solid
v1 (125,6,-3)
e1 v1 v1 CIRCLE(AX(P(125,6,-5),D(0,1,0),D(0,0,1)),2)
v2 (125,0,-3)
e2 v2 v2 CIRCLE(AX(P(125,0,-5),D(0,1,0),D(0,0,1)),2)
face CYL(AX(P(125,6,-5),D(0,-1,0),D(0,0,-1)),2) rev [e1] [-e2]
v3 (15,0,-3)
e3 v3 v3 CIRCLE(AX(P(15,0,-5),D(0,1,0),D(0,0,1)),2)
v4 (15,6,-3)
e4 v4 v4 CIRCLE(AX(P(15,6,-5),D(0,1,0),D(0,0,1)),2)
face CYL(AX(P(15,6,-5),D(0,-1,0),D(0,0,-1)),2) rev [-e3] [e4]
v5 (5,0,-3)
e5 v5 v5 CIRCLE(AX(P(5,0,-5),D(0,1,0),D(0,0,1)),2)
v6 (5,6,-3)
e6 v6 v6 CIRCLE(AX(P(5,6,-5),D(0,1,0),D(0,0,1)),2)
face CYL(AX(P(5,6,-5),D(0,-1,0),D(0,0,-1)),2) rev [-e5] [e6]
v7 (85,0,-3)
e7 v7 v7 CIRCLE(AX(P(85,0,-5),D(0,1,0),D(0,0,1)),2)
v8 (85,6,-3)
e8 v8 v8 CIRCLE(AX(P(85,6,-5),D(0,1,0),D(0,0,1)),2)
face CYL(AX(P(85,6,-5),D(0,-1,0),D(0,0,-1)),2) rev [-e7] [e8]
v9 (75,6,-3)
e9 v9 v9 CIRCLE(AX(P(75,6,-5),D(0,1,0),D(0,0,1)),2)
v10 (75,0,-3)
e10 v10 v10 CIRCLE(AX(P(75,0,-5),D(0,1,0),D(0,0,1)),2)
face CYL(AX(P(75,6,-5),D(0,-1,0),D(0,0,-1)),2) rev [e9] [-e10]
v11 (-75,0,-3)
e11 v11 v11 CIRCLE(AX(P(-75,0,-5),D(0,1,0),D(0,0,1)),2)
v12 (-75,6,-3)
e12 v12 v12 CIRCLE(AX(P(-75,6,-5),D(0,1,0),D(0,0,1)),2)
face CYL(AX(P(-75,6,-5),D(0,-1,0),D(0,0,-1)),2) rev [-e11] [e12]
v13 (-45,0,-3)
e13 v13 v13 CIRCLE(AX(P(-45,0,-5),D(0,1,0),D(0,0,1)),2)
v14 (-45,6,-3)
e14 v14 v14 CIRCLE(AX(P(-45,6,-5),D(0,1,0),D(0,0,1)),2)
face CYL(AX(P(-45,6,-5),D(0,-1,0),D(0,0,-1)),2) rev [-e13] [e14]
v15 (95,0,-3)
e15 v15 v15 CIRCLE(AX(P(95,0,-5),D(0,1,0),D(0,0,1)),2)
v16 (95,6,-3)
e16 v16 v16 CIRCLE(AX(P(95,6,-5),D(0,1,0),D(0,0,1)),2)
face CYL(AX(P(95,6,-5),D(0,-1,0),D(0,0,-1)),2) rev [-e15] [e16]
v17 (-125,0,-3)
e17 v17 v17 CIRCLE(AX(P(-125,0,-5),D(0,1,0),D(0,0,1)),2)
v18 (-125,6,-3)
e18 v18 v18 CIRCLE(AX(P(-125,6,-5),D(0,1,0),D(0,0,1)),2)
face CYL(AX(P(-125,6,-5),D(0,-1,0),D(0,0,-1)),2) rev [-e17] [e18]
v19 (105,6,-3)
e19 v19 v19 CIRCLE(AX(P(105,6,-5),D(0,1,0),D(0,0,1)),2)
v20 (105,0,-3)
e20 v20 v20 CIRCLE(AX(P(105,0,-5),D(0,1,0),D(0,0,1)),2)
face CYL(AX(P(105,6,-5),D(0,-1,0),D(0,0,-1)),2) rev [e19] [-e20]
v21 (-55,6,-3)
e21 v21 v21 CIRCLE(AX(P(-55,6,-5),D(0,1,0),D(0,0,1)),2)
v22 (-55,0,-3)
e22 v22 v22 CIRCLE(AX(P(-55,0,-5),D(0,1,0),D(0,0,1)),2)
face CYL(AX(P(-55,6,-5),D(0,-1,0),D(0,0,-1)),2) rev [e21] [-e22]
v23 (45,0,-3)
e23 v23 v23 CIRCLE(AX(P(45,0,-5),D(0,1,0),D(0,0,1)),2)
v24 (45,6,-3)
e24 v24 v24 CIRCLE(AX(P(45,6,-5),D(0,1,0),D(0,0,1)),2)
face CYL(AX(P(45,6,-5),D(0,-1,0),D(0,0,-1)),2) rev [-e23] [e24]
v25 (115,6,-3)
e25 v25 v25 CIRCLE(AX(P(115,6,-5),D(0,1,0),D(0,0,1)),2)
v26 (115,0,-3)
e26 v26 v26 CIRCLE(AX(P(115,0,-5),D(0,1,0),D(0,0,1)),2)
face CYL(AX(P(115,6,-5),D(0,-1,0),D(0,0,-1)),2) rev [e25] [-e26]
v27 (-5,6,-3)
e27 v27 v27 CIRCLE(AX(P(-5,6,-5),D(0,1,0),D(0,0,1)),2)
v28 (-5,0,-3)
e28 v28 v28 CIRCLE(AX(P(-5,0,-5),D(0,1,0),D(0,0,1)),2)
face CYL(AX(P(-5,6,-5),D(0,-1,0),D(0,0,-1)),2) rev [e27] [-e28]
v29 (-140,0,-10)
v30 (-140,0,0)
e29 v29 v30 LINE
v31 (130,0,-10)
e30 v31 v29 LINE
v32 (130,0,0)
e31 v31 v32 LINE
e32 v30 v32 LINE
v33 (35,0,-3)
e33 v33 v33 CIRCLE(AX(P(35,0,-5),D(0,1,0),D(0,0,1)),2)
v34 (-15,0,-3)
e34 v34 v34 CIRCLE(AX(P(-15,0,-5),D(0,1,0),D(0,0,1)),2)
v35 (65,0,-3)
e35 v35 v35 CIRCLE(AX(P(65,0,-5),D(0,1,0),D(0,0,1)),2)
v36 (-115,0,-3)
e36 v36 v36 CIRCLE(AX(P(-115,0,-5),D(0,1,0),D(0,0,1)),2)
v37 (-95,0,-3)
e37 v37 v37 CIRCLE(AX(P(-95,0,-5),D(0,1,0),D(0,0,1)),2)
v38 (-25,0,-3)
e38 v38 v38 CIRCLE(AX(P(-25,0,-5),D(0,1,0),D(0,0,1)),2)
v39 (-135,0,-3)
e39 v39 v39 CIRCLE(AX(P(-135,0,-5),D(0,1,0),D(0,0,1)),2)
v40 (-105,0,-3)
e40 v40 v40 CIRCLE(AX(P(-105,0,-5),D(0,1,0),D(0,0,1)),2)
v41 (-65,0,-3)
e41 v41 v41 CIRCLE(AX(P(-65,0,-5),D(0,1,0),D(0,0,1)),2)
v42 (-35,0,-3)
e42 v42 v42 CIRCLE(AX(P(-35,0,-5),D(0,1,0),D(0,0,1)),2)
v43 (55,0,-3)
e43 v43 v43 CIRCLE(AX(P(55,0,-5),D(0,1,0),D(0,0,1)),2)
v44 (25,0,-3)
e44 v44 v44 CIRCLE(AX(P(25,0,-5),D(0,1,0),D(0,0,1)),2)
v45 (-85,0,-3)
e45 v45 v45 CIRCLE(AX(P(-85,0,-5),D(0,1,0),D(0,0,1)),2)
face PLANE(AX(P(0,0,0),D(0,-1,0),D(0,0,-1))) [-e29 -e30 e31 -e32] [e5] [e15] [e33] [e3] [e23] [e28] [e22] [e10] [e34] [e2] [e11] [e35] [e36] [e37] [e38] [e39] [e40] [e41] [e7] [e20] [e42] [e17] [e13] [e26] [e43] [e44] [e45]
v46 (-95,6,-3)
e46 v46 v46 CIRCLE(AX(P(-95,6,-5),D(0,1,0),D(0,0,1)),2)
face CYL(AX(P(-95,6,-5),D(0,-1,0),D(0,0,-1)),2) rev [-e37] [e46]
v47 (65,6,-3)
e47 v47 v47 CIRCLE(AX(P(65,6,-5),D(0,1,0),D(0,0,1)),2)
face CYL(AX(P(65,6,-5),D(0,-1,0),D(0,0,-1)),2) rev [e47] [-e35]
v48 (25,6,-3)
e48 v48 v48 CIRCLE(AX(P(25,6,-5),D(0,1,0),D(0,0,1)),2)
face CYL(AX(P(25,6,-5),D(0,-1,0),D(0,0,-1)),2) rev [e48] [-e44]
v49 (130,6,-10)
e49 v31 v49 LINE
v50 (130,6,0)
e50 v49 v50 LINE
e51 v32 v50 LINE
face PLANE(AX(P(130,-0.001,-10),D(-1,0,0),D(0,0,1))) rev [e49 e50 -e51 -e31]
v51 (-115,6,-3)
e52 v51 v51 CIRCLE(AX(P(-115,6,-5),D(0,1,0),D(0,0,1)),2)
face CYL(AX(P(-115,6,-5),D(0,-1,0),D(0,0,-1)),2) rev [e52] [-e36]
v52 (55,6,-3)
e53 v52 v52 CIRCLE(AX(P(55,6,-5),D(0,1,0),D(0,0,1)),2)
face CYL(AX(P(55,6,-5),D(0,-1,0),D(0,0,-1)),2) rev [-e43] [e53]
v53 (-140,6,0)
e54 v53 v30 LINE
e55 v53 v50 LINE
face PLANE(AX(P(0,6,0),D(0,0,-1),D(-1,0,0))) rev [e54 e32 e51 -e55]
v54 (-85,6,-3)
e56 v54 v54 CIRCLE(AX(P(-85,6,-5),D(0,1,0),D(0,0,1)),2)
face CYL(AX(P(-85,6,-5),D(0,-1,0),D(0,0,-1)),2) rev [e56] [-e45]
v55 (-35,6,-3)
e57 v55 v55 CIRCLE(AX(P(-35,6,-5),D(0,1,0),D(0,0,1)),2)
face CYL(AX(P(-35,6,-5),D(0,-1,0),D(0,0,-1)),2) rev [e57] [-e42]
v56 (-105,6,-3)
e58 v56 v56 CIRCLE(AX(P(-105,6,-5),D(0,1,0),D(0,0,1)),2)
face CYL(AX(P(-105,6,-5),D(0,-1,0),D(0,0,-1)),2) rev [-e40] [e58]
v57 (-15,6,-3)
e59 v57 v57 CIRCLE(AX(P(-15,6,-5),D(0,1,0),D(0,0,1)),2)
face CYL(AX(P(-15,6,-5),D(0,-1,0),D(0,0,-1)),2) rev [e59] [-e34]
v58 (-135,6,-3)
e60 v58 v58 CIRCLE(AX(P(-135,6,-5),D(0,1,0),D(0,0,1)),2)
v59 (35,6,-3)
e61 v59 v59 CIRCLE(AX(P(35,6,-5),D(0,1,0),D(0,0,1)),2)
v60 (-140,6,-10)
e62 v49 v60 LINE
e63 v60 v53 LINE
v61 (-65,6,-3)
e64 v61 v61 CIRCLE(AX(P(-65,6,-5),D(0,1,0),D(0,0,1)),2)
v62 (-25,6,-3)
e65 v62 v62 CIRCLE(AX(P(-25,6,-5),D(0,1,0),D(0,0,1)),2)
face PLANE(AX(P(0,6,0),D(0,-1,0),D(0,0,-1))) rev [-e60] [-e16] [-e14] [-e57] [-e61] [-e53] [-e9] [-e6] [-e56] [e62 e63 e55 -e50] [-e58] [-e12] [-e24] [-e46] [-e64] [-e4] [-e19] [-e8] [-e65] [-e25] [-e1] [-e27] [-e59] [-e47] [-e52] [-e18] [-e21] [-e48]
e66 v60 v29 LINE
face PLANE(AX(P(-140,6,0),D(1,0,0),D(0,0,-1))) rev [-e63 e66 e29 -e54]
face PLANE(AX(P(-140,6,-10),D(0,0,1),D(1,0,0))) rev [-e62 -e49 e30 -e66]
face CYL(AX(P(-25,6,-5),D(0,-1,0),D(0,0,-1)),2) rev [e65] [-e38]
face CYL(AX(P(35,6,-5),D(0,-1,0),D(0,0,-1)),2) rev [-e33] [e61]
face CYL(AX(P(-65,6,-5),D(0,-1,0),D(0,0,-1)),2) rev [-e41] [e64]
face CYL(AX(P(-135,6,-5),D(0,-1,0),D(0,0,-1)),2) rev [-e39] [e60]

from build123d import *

# Parameters (mm, degrees)
ESQUISSE1_R             = 2
BOSS_EXTRU_1_DEPTH      = 6
ENL_V_MAT_EXTRU_1_REACH = 142.485
ESQUISSE2_W             = 10
ESQUISSE2_H             = 10


with BuildPart() as part:
    # Esquisse1 → Boss.-Extru.1 (new body)
    with BuildSketch(Plane(origin=(0, 0, 0), x_dir=(1, 0, 0), z_dir=(0, 1, 0))):
        Polygon((0, 0), (140, 0), (140, 10), (-140, 10), (-140, 0), align=None)
        with Locations(Location((-135, 5, 0), (0, 0, 270))):
            Circle(ESQUISSE1_R, mode=Mode.SUBTRACT)
        with Locations(Location((-125, 5, 0), (0, 0, 270))):
            Circle(ESQUISSE1_R, mode=Mode.SUBTRACT)
        with Locations(Location((-115, 5, 0), (0, 0, 270))):
            Circle(ESQUISSE1_R, mode=Mode.SUBTRACT)
        with Locations(Location((-105, 5, 0), (0, 0, 270))):
            Circle(ESQUISSE1_R, mode=Mode.SUBTRACT)
        with Locations(Location((-95, 5, 0), (0, 0, 270))):
            Circle(ESQUISSE1_R, mode=Mode.SUBTRACT)
        with Locations(Location((-85, 5, 0), (0, 0, 270))):
            Circle(ESQUISSE1_R, mode=Mode.SUBTRACT)
        with Locations(Location((-75, 5, 0), (0, 0, 270))):
            Circle(ESQUISSE1_R, mode=Mode.SUBTRACT)
        with Locations(Location((-65, 5, 0), (0, 0, 270))):
            Circle(ESQUISSE1_R, mode=Mode.SUBTRACT)
        with Locations(Location((-55, 5, 0), (0, 0, 270))):
            Circle(ESQUISSE1_R, mode=Mode.SUBTRACT)
        with Locations(Location((-45, 5, 0), (0, 0, 270))):
            Circle(ESQUISSE1_R, mode=Mode.SUBTRACT)
        with Locations(Location((-35, 5, 0), (0, 0, 270))):
            Circle(ESQUISSE1_R, mode=Mode.SUBTRACT)
        with Locations(Location((-25, 5, 0), (0, 0, 270))):
            Circle(ESQUISSE1_R, mode=Mode.SUBTRACT)
        with Locations(Location((-15, 5, 0), (0, 0, 270))):
            Circle(ESQUISSE1_R, mode=Mode.SUBTRACT)
        with Locations(Location((-5, 5, 0), (0, 0, 270))):
            Circle(ESQUISSE1_R, mode=Mode.SUBTRACT)
        with Locations(Location((5, 5, 0), (0, 0, 270))):
            Circle(ESQUISSE1_R, mode=Mode.SUBTRACT)
        with Locations(Location((15, 5, 0), (0, 0, 270))):
            Circle(ESQUISSE1_R, mode=Mode.SUBTRACT)
        with Locations(Location((25, 5, 0), (0, 0, 270))):
            Circle(ESQUISSE1_R, mode=Mode.SUBTRACT)
        with Locations(Location((35, 5, 0), (0, 0, 270))):
            Circle(ESQUISSE1_R, mode=Mode.SUBTRACT)
        with Locations(Location((45, 5, 0), (0, 0, 270))):
            Circle(ESQUISSE1_R, mode=Mode.SUBTRACT)
        with Locations(Location((55, 5, 0), (0, 0, 270))):
            Circle(ESQUISSE1_R, mode=Mode.SUBTRACT)
        with Locations(Location((65, 5, 0), (0, 0, 270))):
            Circle(ESQUISSE1_R, mode=Mode.SUBTRACT)
        with Locations(Location((75, 5, 0), (0, 0, 270))):
            Circle(ESQUISSE1_R, mode=Mode.SUBTRACT)
        with Locations(Location((85, 5, 0), (0, 0, 270))):
            Circle(ESQUISSE1_R, mode=Mode.SUBTRACT)
        with Locations(Location((95, 5, 0), (0, 0, 270))):
            Circle(ESQUISSE1_R, mode=Mode.SUBTRACT)
        with Locations(Location((105, 5, 0), (0, 0, 270))):
            Circle(ESQUISSE1_R, mode=Mode.SUBTRACT)
        with Locations(Location((115, 5, 0), (0, 0, 270))):
            Circle(ESQUISSE1_R, mode=Mode.SUBTRACT)
        with Locations(Location((125, 5, 0), (0, 0, 270))):
            Circle(ESQUISSE1_R, mode=Mode.SUBTRACT)
        with Locations(Location((135, 5, 0), (0, 0, 270))):
            Circle(ESQUISSE1_R, mode=Mode.SUBTRACT)
    extrude(amount=BOSS_EXTRU_1_DEPTH)

    # Esquisse2 → Enlèv. mat.-Extru.1 (cut, up to next)
    with BuildSketch(Plane(origin=(0, 6, 0), x_dir=(1, 0, 0), z_dir=(0, 1, 0)), mode=Mode.PRIVATE) as enl_v_mat_extru_1_sk1:
        with Locations((135, 5)):
            Rectangle(ESQUISSE2_W, ESQUISSE2_H)
    enl_v_mat_extru_1_tool1 = extrude(enl_v_mat_extru_1_sk1.sketch, amount=-ENL_V_MAT_EXTRU_1_REACH, mode=Mode.PRIVATE) & part.part
    add(enl_v_mat_extru_1_tool1.solids().sort_by_distance((135, 6, -5))[0], mode=Mode.SUBTRACT)


solid = part.part
